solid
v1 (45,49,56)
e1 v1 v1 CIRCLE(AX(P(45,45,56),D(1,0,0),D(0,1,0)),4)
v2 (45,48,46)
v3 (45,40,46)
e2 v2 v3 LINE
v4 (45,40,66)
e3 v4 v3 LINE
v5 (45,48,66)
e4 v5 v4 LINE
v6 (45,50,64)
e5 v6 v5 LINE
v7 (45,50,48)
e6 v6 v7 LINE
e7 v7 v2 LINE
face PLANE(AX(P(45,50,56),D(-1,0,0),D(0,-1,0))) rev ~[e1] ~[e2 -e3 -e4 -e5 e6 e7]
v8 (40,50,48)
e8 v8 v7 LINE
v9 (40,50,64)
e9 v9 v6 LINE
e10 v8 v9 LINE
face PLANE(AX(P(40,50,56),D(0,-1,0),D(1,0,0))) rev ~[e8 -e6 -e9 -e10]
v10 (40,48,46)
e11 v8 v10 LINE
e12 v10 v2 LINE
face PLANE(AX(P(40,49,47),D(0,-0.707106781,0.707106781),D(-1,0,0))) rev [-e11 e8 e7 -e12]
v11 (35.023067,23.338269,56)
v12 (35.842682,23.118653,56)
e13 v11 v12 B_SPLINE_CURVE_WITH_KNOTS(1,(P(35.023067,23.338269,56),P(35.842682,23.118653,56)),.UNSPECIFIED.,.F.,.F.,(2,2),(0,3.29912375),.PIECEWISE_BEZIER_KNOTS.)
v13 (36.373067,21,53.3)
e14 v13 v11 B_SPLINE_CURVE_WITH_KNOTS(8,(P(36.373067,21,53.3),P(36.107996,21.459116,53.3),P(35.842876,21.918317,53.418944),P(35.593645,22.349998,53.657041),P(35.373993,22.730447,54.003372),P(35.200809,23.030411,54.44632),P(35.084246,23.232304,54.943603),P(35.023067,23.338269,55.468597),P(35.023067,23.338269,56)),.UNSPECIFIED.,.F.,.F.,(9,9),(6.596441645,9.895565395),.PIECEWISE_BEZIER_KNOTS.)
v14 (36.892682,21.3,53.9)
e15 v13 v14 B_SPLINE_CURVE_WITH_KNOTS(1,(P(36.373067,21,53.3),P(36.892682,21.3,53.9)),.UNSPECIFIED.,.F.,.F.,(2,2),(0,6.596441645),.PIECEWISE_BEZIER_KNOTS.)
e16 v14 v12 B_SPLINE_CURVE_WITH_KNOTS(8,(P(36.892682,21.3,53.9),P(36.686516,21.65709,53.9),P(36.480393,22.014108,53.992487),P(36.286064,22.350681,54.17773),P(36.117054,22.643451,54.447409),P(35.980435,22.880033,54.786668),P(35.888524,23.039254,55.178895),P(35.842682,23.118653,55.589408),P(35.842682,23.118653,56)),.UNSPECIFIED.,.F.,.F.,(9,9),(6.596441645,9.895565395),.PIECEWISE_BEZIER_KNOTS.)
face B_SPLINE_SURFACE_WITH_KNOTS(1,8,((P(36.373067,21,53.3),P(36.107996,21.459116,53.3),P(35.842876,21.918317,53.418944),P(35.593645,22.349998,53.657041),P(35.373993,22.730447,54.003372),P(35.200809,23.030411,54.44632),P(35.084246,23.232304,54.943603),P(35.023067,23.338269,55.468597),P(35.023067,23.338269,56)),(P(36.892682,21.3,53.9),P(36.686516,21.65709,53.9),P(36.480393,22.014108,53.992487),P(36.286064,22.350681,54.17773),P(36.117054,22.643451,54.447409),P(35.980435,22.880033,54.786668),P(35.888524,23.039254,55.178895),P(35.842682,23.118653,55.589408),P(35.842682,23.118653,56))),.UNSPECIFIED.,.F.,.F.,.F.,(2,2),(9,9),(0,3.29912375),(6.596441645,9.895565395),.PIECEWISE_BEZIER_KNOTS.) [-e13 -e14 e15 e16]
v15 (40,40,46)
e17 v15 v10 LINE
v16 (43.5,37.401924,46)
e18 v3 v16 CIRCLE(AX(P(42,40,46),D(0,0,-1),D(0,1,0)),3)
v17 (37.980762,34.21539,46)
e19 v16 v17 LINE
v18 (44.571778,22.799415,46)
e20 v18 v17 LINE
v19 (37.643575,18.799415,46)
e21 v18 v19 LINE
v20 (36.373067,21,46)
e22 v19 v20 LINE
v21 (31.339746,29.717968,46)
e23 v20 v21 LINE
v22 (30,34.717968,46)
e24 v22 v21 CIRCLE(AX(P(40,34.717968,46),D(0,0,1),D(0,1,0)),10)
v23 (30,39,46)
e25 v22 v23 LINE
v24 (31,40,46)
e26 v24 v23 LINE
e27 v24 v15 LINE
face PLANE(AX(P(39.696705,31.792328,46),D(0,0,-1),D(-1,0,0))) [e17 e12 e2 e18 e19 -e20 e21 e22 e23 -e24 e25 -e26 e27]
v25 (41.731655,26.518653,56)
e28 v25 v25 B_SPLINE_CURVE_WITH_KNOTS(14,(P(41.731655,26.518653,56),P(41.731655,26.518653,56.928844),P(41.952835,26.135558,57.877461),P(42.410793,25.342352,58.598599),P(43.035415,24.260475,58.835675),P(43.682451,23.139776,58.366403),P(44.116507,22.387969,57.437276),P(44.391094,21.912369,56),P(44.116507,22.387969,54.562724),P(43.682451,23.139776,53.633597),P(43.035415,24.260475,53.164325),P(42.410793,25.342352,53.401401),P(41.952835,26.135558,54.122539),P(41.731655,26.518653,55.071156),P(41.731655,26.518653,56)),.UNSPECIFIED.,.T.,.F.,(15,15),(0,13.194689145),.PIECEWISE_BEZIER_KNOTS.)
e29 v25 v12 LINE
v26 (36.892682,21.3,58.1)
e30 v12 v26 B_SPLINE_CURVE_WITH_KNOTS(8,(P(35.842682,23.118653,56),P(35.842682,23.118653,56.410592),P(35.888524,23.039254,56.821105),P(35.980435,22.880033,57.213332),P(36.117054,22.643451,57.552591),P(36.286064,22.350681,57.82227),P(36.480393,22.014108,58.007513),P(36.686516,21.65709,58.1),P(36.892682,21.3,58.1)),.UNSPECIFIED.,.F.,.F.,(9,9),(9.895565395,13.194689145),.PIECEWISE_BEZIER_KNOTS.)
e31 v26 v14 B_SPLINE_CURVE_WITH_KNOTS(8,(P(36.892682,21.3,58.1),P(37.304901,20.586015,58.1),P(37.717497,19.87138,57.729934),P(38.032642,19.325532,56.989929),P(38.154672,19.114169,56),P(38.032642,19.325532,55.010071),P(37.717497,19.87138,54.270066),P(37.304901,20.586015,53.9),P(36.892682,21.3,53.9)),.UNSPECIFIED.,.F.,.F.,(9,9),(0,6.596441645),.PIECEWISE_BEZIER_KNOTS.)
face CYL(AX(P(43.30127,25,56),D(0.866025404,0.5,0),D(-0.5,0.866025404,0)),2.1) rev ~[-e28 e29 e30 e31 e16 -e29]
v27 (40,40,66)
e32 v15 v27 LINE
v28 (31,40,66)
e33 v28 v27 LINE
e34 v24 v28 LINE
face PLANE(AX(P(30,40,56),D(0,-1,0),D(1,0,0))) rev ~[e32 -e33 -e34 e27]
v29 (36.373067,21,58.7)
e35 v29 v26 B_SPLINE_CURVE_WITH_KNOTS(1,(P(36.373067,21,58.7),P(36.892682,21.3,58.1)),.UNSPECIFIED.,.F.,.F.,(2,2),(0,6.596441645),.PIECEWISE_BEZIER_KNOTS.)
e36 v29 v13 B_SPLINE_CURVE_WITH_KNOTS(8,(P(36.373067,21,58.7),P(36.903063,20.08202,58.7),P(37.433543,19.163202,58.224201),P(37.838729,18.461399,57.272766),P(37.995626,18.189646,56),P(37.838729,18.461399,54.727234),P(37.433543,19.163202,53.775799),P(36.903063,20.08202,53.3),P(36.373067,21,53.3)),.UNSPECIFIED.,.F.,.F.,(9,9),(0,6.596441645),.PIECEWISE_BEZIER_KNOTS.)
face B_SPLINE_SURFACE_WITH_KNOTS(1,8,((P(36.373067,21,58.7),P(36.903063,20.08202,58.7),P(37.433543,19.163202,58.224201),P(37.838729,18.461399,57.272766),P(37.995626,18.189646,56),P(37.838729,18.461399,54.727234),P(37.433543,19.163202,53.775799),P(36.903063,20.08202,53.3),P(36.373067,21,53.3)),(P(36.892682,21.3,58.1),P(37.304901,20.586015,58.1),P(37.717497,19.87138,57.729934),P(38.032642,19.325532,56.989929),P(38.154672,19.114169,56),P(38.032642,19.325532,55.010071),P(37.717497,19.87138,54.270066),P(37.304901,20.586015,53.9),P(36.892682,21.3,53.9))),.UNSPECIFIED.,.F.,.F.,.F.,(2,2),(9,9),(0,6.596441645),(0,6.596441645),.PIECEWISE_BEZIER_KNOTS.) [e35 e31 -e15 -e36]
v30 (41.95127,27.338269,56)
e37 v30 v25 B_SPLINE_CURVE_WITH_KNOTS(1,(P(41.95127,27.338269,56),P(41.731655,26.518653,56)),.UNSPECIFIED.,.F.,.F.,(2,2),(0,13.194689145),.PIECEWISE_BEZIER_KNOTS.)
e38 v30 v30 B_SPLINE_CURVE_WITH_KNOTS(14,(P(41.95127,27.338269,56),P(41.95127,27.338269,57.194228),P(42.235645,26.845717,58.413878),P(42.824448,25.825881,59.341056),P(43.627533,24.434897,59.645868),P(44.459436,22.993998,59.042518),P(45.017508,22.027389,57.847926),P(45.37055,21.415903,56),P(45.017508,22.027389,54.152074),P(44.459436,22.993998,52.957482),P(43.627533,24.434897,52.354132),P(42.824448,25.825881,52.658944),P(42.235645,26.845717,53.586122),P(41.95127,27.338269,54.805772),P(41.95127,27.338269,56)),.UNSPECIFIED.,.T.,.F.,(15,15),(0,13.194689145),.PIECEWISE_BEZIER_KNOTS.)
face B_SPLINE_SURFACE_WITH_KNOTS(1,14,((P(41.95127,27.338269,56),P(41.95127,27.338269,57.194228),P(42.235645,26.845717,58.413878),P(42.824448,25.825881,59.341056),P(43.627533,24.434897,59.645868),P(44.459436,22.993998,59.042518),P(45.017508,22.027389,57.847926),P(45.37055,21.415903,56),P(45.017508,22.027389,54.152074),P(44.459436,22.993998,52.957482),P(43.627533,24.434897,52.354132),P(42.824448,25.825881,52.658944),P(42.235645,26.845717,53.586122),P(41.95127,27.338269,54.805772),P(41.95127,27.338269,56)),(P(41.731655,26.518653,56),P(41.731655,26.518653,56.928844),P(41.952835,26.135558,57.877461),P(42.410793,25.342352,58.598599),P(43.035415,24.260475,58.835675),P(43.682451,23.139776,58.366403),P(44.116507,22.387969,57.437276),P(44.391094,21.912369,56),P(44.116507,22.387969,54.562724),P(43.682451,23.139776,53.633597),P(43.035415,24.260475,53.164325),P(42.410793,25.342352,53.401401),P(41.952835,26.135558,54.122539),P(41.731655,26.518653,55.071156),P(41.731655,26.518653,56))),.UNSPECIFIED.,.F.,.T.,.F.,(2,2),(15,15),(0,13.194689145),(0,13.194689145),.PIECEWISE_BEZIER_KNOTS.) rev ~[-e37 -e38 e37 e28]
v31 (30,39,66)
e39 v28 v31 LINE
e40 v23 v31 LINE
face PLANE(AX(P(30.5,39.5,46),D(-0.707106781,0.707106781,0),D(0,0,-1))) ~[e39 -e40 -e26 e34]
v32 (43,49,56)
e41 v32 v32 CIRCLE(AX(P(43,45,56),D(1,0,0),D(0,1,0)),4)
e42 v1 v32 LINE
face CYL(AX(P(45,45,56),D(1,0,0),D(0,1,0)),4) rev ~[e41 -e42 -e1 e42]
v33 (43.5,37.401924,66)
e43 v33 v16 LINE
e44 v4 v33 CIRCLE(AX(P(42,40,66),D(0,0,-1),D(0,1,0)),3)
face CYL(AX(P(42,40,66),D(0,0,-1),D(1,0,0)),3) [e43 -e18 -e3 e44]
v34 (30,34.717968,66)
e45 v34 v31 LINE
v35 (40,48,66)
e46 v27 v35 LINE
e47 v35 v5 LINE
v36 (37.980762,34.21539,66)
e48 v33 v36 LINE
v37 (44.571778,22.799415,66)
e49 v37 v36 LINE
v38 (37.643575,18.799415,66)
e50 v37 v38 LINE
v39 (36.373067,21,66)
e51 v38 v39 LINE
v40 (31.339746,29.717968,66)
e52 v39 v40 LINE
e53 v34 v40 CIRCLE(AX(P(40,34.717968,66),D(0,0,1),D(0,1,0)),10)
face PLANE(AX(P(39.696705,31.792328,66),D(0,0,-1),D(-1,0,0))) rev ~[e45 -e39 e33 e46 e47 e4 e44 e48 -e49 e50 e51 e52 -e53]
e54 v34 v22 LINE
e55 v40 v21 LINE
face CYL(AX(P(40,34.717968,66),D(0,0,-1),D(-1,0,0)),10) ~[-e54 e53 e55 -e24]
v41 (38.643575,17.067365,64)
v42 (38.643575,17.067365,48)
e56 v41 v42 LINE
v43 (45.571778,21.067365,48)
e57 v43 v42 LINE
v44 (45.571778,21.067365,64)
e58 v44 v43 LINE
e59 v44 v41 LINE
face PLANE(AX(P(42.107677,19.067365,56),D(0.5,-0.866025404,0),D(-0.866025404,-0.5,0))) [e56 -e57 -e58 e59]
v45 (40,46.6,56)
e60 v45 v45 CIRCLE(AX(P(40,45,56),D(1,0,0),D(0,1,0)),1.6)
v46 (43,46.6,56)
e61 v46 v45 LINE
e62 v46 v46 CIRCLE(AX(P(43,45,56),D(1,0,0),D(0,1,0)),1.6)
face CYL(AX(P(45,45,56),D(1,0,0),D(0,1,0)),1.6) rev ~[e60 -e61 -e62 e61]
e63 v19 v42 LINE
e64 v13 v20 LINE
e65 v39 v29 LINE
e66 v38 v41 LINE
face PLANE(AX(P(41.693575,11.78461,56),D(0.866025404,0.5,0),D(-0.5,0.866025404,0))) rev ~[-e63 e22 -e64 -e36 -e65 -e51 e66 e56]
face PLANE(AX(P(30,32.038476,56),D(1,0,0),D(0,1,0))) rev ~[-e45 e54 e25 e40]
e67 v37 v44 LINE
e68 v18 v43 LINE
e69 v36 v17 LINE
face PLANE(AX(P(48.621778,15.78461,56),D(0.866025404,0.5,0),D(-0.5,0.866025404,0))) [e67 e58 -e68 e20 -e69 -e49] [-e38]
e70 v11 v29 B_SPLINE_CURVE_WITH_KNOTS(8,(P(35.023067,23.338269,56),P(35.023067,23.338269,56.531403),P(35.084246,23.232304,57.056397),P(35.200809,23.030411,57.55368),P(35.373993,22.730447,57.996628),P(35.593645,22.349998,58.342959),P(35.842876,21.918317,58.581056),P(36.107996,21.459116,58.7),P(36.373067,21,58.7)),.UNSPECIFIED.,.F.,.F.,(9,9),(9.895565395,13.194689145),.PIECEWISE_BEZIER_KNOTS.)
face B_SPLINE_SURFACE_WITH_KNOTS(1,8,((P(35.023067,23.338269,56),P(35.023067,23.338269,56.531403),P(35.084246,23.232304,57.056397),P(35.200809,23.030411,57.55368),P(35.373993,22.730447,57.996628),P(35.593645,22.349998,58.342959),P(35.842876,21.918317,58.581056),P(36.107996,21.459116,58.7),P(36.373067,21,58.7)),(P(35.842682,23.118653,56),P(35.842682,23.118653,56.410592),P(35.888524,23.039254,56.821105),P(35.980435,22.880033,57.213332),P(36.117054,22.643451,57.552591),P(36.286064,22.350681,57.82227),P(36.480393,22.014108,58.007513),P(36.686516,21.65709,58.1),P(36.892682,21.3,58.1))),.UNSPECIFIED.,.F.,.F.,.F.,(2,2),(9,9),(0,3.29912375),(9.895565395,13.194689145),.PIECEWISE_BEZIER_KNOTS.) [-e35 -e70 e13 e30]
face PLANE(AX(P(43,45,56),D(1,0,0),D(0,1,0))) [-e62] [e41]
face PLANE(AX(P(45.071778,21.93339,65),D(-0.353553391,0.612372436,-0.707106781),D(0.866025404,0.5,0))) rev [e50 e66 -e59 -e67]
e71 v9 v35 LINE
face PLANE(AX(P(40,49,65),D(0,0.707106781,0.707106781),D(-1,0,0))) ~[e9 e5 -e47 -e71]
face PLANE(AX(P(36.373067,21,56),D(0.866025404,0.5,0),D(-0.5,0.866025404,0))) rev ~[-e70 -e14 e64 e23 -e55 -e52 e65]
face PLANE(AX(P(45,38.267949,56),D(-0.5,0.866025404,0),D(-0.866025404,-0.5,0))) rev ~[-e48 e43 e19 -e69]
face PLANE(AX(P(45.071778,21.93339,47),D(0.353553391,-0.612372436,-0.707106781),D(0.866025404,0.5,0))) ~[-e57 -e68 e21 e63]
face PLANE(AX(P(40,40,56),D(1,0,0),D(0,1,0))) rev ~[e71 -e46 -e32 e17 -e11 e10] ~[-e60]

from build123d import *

# Parameters (mm, degrees)
PAD026_DEPTH      = 10
SKETCH046_R       = 1.6
POCKET018_DEPTH   = 15.001
SKETCH047_R       = 4
POCKET019_DEPTH   = 2
POCKET019_FACE6_W = 8
POCKET019_FACE6_H = 20
POCKET024_DEPTH   = 6.1
CHAMFER008_SIZE   = 2
FILLET014_R       = 10
FILLET015_R       = 3
CHAMFER009_SIZE   = 1
SKETCH048_R       = 2.1
POCKET020_DEPTH   = 15.4865555595
CHAMFER010_SIZE   = 0.6


with BuildPart() as part:
    # Sketch045 → Pad026 (new body, symmetric)
    with BuildSketch(Plane.XY):
        Polygon((40, 50), (45, 50), (45, 38.2679491924), (37.9807621135, 34.2153903092), (43.3012701892, 25), (48.6217782649, 15.7846096908), (41.6935750346, 11.7846096908), (36.3730669589, 21), (30, 32.0384757729), (30, 40), (40, 40), align=None)
    extrude(amount=PAD026_DEPTH, both=True)

    # Sketch046 (on Face5 of Pad026) → Pocket018 (cut, through all)
    with BuildSketch(Plane.YZ.offset(45)):
        with Locations((45, 0)):
            Circle(SKETCH046_R)
    extrude(amount=-POCKET018_DEPTH, mode=Mode.SUBTRACT)

    # Sketch047 (on Face9 of Pocket018) → Pocket019 (cut)
    with BuildSketch(Plane.YZ.offset(45)):
        with Locations((45, 0)):
            Circle(SKETCH047_R)
    extrude(amount=-POCKET019_DEPTH, mode=Mode.SUBTRACT)

    # Pocket019 Face6 → Pocket024 (cut)
    with BuildSketch(Plane(origin=(45.1576766498, 13.7846096908, 0), x_dir=(-0.8660254038, -0.5, 0), z_dir=(0.5, -0.8660254038, 0))):
        Rectangle(POCKET019_FACE6_W, POCKET019_FACE6_H)
    extrude(amount=-POCKET024_DEPTH, mode=Mode.SUBTRACT)

    # Chamfer008
    chamfer008_edges = [part.edges().sort_by_distance(p)[0] for p in [
        (42.5, 50, 10),
        (42.5, 50, -10),
        (42.107677, 19.067365, 10),
        (42.107677, 19.067365, -10),
    ]]
    chamfer(chamfer008_edges, length=CHAMFER008_SIZE)

    # Fillet014
    fillet014_edges = [part.edges().sort_by_distance(p)[0] for p in [
        (30, 32.038476, 0),
    ]]
    fillet(fillet014_edges, radius=FILLET014_R)

    # Fillet015
    fillet015_edges = [part.edges().sort_by_distance(p)[0] for p in [
        (45, 38.267949, 0),
    ]]
    fillet(fillet015_edges, radius=FILLET015_R)

    # Chamfer009
    chamfer009_edges = [part.edges().sort_by_distance(p)[0] for p in [
        (30, 40, 0),
    ]]
    chamfer(chamfer009_edges, length=CHAMFER009_SIZE)

    # Sketch048 (on Face13 of Chamfer009) → Pocket020 (cut, through all)
    with BuildSketch(Plane(origin=(43.3012701892, 25, 0), x_dir=(-0.5, 0.8660254038, 0), z_dir=(0.8660254038, 0.5, 0))):
        Circle(SKETCH048_R)
    extrude(amount=-POCKET020_DEPTH, mode=Mode.SUBTRACT)

    # Chamfer010
    chamfer010_edges = [part.edges().sort_by_distance(p)[0] for p in [
        (44.35127, 23.181347, 0),
        (37.423067, 19.181347, 0),
    ]]
    chamfer(chamfer010_edges, length=CHAMFER010_SIZE)


with BuildPart() as part_1:
    # Body026 placement: moved
    add(part.part.moved(Location((0, 0, 56))))


solid = part_1.part
